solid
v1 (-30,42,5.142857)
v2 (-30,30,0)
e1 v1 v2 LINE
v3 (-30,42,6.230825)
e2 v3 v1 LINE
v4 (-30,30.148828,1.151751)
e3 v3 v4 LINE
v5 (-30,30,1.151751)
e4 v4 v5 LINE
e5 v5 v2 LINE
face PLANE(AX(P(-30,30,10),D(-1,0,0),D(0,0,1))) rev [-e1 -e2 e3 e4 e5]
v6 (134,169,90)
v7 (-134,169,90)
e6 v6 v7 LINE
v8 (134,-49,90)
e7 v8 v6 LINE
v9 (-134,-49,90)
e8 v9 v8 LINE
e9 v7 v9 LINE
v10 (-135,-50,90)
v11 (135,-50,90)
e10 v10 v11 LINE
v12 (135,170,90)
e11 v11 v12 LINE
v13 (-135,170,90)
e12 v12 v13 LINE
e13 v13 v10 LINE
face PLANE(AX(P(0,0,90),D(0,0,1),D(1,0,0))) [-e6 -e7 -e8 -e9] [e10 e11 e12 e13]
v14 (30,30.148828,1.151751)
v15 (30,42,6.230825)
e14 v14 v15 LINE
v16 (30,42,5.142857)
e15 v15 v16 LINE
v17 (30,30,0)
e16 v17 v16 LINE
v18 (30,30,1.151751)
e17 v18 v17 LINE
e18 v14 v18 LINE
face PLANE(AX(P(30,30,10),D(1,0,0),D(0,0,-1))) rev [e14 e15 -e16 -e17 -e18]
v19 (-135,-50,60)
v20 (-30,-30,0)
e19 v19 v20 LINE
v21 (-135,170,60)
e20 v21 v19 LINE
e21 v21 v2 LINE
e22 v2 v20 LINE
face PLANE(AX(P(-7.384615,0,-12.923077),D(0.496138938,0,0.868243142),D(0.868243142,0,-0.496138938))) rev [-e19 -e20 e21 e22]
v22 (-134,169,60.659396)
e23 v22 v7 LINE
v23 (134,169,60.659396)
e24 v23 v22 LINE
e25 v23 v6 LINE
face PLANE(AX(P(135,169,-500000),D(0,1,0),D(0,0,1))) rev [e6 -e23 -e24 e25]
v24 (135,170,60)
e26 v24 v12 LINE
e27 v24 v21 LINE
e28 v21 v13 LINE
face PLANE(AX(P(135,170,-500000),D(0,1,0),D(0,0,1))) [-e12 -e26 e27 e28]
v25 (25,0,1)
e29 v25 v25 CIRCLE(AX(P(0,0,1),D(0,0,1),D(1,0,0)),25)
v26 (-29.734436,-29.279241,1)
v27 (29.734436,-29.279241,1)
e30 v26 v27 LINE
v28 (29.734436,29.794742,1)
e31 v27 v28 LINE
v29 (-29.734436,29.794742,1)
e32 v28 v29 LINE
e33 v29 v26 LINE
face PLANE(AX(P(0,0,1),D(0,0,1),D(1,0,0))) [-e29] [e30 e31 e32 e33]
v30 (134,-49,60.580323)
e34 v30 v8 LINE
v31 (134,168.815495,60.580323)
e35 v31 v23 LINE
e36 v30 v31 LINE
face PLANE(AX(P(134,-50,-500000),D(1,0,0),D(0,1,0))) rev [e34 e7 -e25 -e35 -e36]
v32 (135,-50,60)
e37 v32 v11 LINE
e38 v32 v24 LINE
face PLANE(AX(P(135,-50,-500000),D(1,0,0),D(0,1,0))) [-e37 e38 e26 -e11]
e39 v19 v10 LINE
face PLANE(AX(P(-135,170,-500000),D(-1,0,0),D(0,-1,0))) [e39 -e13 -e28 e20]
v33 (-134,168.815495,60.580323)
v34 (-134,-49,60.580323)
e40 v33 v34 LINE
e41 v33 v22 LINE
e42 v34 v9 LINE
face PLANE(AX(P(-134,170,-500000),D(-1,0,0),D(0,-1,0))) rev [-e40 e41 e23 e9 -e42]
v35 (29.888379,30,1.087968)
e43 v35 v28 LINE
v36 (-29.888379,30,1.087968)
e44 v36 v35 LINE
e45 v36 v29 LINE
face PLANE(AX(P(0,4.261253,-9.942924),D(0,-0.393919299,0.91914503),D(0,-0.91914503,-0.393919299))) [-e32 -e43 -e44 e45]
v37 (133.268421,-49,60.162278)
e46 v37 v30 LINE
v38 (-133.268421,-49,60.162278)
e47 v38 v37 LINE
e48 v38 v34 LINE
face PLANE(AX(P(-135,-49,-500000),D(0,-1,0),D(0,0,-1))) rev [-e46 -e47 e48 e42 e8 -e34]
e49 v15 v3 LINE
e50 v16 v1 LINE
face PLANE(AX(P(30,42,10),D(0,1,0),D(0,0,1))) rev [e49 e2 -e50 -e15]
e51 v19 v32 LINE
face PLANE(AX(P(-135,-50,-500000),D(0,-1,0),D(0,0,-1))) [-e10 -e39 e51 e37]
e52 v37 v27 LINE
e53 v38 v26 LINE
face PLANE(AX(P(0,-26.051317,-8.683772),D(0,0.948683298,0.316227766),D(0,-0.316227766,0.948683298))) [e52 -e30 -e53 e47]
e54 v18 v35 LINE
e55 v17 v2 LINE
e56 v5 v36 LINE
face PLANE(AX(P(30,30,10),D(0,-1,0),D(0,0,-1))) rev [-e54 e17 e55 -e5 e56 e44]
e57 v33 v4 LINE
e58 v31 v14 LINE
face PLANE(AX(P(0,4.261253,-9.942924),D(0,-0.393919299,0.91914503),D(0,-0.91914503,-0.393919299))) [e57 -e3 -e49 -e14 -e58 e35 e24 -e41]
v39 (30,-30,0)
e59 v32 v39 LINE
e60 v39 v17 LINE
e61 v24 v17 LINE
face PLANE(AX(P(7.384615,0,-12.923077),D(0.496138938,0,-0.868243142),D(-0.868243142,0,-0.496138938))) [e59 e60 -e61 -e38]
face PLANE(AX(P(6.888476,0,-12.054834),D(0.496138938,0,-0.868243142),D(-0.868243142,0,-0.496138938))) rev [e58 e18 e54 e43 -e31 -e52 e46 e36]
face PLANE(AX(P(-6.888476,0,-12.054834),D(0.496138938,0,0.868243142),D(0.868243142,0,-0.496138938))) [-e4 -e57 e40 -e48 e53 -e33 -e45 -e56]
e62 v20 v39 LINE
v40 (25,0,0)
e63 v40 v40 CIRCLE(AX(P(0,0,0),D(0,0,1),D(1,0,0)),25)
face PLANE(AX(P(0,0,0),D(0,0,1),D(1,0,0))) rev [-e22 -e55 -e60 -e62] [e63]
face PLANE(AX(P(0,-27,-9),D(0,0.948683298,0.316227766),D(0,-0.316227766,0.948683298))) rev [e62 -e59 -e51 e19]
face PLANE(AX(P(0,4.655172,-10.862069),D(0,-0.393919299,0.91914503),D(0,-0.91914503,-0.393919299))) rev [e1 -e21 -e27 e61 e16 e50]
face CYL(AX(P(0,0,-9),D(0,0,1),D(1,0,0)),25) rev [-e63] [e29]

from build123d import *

# Parameters (mm, degrees)
EXTRUDE_1_REACH     = 237
SKETCH_7_W          = 270
SKETCH_7_H          = 220
SHELL_1_T           = -1
SKETCH_8_R          = 25
CUT_EXTRUDE_2_DEPTH = 10
SKETCH_9_W          = 60
SKETCH_9_H          = 12
CUT_EXTRUDE_3_DEPTH = 10


with BuildPart() as part:
    # 草图2 → 放样1 section 0
    with BuildSketch(Plane.XY.offset(60)):
        with BuildLine():
            Line((-135, 170), (135, 170))
            Line((135, 170), (135, -50))
            Line((135, -50), (-135, -50))
            Line((-135, -50), (-135, 170))
        make_face()
    # 草图1 → 放样1 section 1
    with BuildSketch(Plane.XY):
        with BuildLine():
            Line((-30, 30), (30, 30))
            Line((30, 30), (30, -30))
            Line((30, -30), (-30, -30))
            Line((-30, -30), (-30, 30))
        make_face()
    loft()

    # 草图7 → 凸台-拉伸1 (add, up to next)
    with BuildSketch(Plane.XY.offset(90), mode=Mode.PRIVATE) as extrude_1_sk1:
        with Locations((0, 60)):
            Rectangle(SKETCH_7_W, SKETCH_7_H)
    extrude_1_tool1 = extrude(extrude_1_sk1.sketch, amount=-EXTRUDE_1_REACH, mode=Mode.PRIVATE) - part.part
    add(extrude_1_tool1.solids().sort_by_distance((0, 60, 90))[0])

    # 抽壳1
    shell_1_openings = [part.faces().sort_by_distance(p)[0] for p in [
        (0, 60, 90),
    ]]
    offset(amount=SHELL_1_T, openings=shell_1_openings)

    # 草图8 → 切除-拉伸2 (cut)
    with BuildSketch(Plane.XY.offset(1)):
        Circle(SKETCH_8_R)
    extrude(amount=-CUT_EXTRUDE_2_DEPTH, mode=Mode.SUBTRACT)

    # 草图9 → 切除-拉伸3 (cut)
    with BuildSketch(Plane(origin=(0, 0, 0), x_dir=(-1, 0, 0), z_dir=(0, 0, -1))):
        with Locations((0, 36)):
            Rectangle(SKETCH_9_W, SKETCH_9_H)
    extrude(amount=-CUT_EXTRUDE_3_DEPTH, mode=Mode.SUBTRACT)


solid = part.part
